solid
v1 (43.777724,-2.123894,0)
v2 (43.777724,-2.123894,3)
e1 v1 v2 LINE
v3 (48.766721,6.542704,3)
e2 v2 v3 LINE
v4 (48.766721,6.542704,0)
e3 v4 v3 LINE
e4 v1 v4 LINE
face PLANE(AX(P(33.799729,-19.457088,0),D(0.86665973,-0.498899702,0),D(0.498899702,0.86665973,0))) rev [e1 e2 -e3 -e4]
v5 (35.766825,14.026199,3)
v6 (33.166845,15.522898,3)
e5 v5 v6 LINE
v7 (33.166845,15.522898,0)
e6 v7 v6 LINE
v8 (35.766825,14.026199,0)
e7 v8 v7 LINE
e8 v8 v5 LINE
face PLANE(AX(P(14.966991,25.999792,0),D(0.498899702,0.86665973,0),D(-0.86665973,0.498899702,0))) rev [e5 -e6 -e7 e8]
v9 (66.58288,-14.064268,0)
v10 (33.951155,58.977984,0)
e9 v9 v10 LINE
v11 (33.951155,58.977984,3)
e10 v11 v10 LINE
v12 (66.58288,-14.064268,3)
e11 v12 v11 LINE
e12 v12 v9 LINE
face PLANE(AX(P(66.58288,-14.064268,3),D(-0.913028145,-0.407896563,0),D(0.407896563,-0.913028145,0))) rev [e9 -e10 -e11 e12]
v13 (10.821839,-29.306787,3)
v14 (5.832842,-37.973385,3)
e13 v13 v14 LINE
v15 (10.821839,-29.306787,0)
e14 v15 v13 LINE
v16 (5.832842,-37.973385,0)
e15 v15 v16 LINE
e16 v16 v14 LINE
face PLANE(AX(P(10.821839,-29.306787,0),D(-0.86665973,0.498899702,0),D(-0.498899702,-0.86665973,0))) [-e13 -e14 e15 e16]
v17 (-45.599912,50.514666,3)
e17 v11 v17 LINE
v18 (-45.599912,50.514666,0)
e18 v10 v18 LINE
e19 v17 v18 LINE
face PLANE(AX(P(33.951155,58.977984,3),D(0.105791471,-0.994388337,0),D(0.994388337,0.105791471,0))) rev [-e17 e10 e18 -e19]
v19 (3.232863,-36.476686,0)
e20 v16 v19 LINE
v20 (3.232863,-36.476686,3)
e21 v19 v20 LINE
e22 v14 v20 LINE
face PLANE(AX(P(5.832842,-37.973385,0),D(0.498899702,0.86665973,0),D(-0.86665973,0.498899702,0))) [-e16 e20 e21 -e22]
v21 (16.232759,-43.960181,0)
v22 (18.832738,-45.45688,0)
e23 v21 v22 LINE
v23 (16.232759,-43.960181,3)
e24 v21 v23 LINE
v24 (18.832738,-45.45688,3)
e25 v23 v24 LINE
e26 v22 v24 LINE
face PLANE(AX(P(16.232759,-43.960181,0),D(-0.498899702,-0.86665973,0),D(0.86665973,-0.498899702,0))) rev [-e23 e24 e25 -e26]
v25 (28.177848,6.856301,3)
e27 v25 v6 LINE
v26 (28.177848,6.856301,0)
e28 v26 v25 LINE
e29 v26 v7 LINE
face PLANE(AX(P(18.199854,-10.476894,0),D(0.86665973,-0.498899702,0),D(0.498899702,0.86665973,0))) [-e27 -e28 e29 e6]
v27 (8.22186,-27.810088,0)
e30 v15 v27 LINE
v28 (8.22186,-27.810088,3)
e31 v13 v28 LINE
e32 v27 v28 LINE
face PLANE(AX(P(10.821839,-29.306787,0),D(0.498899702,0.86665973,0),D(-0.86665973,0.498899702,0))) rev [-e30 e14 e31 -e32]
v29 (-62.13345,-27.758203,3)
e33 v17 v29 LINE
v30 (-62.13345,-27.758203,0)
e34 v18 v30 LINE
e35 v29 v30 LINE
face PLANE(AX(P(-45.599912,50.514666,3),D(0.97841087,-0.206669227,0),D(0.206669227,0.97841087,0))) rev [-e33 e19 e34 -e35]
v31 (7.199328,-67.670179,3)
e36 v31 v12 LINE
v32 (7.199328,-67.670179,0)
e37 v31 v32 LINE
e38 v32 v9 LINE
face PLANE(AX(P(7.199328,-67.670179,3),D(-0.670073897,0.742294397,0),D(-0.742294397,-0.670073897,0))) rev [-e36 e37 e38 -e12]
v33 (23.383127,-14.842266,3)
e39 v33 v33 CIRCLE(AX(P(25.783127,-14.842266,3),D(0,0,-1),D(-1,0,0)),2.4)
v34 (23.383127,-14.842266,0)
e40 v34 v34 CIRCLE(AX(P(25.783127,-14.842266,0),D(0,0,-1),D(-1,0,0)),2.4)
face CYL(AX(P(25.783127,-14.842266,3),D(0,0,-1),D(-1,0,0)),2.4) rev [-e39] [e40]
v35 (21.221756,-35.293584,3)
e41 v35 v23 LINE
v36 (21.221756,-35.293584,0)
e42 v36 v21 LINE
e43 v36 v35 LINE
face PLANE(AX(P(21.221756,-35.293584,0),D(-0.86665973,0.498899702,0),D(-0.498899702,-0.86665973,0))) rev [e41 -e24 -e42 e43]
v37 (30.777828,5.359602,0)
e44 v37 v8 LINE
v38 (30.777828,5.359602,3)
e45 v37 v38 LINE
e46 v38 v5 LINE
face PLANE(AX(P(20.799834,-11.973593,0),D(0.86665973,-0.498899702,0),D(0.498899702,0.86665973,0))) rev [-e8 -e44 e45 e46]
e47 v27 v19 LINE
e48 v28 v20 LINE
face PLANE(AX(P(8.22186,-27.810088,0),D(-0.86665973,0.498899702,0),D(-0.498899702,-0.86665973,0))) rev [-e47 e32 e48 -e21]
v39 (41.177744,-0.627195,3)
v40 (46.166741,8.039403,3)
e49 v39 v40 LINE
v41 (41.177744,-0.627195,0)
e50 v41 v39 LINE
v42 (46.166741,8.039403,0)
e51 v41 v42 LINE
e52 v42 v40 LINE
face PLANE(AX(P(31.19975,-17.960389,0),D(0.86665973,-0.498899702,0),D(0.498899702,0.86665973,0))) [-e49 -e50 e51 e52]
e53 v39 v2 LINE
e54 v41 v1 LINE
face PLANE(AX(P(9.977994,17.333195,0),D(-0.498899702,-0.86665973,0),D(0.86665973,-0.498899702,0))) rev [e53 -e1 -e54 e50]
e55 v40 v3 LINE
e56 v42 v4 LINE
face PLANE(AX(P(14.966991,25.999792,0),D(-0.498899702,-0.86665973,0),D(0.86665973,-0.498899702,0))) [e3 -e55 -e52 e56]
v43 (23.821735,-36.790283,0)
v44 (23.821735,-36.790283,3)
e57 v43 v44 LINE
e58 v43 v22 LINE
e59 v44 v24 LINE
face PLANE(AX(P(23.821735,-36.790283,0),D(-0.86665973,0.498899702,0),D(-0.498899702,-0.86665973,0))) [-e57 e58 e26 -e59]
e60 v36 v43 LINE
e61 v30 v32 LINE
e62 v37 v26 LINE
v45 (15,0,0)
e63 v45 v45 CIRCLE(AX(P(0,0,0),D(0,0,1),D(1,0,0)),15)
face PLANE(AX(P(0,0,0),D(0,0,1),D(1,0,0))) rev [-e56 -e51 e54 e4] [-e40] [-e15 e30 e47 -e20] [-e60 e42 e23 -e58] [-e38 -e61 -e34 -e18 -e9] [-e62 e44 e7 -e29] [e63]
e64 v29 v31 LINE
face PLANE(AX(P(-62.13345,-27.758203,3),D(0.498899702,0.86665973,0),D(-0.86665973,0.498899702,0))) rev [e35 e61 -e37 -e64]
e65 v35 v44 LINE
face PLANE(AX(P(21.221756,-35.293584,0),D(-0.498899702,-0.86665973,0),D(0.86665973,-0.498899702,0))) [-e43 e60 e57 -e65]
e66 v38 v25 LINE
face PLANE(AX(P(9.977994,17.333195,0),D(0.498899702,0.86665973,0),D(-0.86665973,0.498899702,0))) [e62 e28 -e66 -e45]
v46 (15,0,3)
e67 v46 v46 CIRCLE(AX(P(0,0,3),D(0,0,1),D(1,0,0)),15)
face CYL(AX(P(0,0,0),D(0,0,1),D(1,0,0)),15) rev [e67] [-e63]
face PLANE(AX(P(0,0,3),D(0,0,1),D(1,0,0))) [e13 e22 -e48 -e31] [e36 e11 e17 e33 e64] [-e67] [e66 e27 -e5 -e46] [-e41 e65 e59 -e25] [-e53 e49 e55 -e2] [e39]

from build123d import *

# Parameters (mm, degrees)
BOSS_EXTRUDE1_DEPTH = 3
SKETCH3_R           = 15
CUT_EXTRUDE1_DEPTH  = 3
CUT_EXTRUDE3_DEPTH  = 3
SKETCH7_R           = 2.4
CUT_EXTRUDE4_DEPTH  = 3


with BuildPart() as part:
    # Sketch1 → Boss-Extrude1 (new body)
    with BuildSketch(Plane.XY):
        Polygon((-62.133450379, -27.758203286), (7.199328029, -67.670179411), (66.582879797, -14.064267615), (33.951154754, 58.977983998), (-45.599912202, 50.514666314), align=None)
    extrude(amount=BOSS_EXTRUDE1_DEPTH)

    # Sketch3 → Cut-Extrude1 (cut)
    with BuildSketch(Plane.XY.offset(3)):
        Circle(SKETCH3_R)
    extrude(amount=-CUT_EXTRUDE1_DEPTH, mode=Mode.SUBTRACT)

    # Sketch5 → Cut-Extrude3 (cut)
    with BuildSketch(Plane.XY.offset(3)):
        Polygon((28.177848363, 6.856300869), (33.166845379, 15.52289817), (35.766824569, 14.026199065), (30.777827554, 5.359601764), align=None)
        Polygon((41.177744315, -0.627194654), (46.166741331, 8.039402647), (48.766720521, 6.542703542), (43.777723505, -2.123893759), align=None)
        Polygon((10.821839491, -29.30678744), (5.832842475, -37.973384741), (3.232863285, -36.476685636), (8.221860301, -27.810088335), align=None)
        Polygon((23.821735443, -36.790282963), (18.832738427, -45.456880264), (16.232759237, -43.960181159), (21.221756252, -35.293583858), align=None)
    extrude(amount=-CUT_EXTRUDE3_DEPTH, mode=Mode.SUBTRACT)

    # Sketch7 → Cut-Extrude4 (cut)
    with BuildSketch(Plane(origin=(0, 0, 0), x_dir=(-1, 0, 0), z_dir=(0, 0, -1))):
        with Locations((-25.78312697, -14.842266122)):
            Circle(SKETCH7_R)
    extrude(amount=-CUT_EXTRUDE4_DEPTH, mode=Mode.SUBTRACT)


solid = part.part
